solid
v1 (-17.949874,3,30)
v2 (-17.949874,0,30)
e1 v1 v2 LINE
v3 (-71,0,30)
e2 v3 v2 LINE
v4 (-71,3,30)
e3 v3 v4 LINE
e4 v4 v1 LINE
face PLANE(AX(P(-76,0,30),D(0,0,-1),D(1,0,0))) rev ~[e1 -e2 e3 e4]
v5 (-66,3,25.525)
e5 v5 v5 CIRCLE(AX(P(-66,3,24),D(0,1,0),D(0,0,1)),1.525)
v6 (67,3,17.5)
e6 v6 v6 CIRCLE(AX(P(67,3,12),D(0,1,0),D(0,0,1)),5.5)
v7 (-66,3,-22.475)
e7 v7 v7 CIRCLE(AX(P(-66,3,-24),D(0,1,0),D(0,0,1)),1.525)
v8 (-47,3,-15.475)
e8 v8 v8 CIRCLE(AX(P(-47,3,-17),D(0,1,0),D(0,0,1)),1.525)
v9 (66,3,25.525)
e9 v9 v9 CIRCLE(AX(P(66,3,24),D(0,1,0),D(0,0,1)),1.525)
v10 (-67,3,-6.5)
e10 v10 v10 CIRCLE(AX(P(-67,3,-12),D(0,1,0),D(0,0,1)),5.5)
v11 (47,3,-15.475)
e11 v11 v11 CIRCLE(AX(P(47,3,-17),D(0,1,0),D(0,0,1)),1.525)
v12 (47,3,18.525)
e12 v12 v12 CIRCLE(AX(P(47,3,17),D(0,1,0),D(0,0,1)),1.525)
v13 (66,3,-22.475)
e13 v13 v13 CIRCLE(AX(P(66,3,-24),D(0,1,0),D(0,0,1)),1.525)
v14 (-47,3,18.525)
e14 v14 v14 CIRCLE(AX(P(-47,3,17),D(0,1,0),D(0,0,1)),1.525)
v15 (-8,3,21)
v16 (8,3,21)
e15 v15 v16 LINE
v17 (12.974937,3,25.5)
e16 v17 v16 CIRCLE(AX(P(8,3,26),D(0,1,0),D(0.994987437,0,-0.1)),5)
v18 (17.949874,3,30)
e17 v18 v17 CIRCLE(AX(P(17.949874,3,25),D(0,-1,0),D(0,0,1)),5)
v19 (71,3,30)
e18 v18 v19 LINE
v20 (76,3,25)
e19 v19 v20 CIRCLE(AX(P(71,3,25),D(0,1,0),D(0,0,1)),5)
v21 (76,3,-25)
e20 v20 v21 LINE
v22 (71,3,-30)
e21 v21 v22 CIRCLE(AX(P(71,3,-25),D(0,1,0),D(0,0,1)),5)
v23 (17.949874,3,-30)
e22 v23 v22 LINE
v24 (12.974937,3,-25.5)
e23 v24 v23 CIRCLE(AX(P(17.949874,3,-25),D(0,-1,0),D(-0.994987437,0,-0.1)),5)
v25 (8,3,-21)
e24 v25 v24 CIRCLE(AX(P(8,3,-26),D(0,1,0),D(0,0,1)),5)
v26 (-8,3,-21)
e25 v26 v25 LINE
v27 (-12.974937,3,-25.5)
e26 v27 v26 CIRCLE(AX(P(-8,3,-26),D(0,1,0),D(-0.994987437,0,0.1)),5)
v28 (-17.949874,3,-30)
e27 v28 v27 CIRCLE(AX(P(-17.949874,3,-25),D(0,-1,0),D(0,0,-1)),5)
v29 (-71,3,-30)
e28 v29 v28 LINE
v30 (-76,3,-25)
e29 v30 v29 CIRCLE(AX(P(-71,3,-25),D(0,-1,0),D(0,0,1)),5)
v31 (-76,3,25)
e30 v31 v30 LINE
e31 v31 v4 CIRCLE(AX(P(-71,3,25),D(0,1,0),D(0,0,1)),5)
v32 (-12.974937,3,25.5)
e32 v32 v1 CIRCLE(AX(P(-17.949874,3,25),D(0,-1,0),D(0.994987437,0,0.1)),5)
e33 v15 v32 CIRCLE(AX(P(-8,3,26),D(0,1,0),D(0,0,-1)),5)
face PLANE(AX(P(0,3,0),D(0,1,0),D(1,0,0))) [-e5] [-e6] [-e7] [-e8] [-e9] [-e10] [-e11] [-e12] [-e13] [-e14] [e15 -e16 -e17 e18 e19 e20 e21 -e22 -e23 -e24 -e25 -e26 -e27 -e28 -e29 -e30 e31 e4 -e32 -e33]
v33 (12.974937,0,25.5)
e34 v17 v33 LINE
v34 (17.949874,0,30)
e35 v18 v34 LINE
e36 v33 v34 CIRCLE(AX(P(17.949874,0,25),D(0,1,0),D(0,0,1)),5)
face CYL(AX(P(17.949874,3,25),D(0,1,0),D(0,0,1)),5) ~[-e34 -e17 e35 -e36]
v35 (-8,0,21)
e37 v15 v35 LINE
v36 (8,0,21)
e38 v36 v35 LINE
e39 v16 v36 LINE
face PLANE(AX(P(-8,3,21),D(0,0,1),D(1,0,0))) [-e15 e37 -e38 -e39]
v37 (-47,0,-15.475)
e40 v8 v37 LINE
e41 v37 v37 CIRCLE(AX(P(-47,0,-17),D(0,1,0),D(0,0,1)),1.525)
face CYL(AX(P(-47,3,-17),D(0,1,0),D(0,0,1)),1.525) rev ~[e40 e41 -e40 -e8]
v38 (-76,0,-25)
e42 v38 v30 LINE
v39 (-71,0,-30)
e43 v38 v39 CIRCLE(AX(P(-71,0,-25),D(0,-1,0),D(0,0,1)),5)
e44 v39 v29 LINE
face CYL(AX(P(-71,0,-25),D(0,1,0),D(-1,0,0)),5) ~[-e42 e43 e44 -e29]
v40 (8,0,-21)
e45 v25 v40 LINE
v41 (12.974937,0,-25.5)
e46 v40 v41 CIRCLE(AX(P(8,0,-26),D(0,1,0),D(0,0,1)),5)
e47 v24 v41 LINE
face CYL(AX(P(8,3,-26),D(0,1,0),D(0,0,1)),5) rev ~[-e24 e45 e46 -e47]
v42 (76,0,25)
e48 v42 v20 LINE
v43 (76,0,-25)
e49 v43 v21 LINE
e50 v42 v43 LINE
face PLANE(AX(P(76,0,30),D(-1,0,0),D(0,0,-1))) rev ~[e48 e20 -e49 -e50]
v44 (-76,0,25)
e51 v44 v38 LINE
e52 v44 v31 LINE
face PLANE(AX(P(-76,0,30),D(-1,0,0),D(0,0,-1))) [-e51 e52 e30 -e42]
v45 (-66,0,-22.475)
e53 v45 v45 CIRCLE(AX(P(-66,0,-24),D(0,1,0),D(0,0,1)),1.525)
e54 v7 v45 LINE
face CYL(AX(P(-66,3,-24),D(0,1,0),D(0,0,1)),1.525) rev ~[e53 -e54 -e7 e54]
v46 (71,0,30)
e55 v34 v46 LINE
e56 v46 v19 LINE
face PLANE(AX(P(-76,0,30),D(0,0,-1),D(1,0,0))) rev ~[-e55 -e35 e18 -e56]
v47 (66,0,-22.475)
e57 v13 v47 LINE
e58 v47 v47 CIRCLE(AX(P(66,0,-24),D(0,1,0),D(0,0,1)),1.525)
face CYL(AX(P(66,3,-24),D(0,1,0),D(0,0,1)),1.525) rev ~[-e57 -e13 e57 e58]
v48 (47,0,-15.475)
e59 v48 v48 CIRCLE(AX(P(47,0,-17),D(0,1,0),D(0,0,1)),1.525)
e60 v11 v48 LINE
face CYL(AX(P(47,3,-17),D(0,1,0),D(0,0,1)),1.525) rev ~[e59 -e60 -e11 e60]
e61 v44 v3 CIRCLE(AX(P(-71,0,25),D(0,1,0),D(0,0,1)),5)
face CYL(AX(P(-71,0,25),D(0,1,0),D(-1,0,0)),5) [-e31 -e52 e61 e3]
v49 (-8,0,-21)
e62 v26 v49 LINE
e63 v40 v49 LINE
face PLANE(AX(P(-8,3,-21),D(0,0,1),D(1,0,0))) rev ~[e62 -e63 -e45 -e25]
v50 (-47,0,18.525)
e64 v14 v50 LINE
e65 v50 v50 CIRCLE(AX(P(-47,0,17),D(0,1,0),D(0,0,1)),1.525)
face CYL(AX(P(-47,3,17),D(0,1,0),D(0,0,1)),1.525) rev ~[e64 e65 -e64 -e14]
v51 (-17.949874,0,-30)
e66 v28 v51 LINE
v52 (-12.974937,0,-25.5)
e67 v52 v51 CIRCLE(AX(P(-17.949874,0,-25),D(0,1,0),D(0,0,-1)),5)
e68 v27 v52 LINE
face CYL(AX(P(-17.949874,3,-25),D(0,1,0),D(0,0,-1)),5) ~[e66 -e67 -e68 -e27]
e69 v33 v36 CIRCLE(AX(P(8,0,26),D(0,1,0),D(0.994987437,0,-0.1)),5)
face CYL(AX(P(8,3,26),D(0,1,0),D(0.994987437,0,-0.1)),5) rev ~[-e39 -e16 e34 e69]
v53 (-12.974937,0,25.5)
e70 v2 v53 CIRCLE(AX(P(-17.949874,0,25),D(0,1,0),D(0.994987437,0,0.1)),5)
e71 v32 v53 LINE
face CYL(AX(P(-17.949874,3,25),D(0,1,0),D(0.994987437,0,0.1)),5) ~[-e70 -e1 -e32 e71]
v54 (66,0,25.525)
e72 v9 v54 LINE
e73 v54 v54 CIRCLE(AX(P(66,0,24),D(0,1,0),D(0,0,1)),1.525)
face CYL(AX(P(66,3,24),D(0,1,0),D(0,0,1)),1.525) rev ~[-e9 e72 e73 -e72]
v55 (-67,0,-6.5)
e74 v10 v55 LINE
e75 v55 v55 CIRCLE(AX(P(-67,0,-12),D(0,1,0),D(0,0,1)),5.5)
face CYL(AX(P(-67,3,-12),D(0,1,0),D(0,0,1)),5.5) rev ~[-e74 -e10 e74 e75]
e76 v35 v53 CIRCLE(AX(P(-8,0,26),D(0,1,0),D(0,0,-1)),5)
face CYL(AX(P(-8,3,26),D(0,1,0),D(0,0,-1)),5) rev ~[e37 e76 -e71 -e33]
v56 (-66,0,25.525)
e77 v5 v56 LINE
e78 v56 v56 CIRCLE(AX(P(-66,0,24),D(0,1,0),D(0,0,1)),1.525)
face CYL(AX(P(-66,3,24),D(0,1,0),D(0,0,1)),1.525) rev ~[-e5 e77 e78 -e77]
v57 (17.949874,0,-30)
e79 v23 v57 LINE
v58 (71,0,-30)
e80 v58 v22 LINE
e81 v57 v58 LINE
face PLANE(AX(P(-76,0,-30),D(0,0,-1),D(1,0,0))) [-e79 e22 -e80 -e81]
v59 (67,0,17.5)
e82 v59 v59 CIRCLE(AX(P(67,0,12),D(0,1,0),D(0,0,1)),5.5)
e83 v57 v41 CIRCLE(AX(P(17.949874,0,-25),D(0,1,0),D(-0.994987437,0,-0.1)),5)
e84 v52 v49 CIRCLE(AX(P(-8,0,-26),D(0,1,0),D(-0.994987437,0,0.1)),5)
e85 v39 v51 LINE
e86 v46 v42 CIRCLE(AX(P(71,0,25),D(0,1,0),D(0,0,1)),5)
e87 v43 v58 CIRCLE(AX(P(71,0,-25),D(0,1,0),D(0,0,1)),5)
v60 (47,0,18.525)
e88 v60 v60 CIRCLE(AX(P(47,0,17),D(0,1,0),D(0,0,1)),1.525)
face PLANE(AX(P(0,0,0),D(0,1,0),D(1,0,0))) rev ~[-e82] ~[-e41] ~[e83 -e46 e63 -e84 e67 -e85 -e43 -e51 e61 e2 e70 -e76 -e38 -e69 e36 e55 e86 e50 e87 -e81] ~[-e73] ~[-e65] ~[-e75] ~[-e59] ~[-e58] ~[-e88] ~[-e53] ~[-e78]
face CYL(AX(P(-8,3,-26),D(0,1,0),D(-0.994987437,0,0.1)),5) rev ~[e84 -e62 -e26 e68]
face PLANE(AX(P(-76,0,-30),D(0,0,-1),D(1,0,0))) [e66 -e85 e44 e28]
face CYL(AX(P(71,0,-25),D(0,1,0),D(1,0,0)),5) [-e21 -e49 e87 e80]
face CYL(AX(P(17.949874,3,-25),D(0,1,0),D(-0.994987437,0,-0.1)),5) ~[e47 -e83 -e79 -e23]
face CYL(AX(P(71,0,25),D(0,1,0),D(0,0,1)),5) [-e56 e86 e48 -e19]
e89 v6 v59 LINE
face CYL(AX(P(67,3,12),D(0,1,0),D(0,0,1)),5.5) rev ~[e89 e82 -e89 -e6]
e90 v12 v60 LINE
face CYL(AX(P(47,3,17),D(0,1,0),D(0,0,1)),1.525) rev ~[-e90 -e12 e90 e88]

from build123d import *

# Parameters (mm, degrees)
SKETCH_1_W          = 152
SKETCH_1_H          = 60
EXTRUDE_1_DEPTH     = 3
FILLET_1_R          = 5
CUT_EXTRUDE_1_REACH = 83.762
SKETCH_2_R          = 1.525
CUT_EXTRUDE_2_REACH = 83.762
SKETCH_3_W          = 16
SKETCH_3_H          = 9
CUT_EXTRUDE_3_REACH = 83.762
SKETCH_4_R          = 1.525
CUT_EXTRUDE_4_REACH = 83.762
SKETCH_5_R          = 5.5


with BuildPart() as part:
    # 草图1 → 凸台-拉伸1 (new body)
    with BuildSketch(Plane(origin=(0, 0, 0), x_dir=(1, 0, 0), z_dir=(0, 1, 0))):
        Rectangle(SKETCH_1_W, SKETCH_1_H)
    extrude(amount=EXTRUDE_1_DEPTH)

    # 圆角1
    fillet_1_edges = [part.edges().sort_by_distance(p)[0] for p in [
        (76, 1.5, 30),
        (-76, 1.5, 30),
        (-76, 1.5, -30),
        (76, 1.5, -30),
    ]]
    fillet(fillet_1_edges, radius=FILLET_1_R)

    # 草图2 → 切除-拉伸1 (cut, up to next)
    with BuildSketch(Plane(origin=(0, 3, 0), x_dir=(1, 0, 0), z_dir=(0, 1, 0)), mode=Mode.PRIVATE) as cut_extrude_1_sk1:
        with Locations(Location((-66, -24, 0), (0, 0, 270))):
            Circle(SKETCH_2_R)
    cut_extrude_1_tool1 = extrude(cut_extrude_1_sk1.sketch, amount=-CUT_EXTRUDE_1_REACH, mode=Mode.PRIVATE) & part.part
    # 草图2 → 切除-拉伸1 (cut, up to next)
    with BuildSketch(Plane(origin=(0, 3, 0), x_dir=(1, 0, 0), z_dir=(0, 1, 0)), mode=Mode.PRIVATE) as cut_extrude_1_sk2:
        with Locations(Location((66, -24, 0), (0, 0, 270))):
            Circle(SKETCH_2_R)
    cut_extrude_1_tool2 = extrude(cut_extrude_1_sk2.sketch, amount=-CUT_EXTRUDE_1_REACH, mode=Mode.PRIVATE) & part.part
    # 草图2 → 切除-拉伸1 (cut, up to next)
    with BuildSketch(Plane(origin=(0, 3, 0), x_dir=(1, 0, 0), z_dir=(0, 1, 0)), mode=Mode.PRIVATE) as cut_extrude_1_sk3:
        with Locations(Location((66, 24, 0), (0, 0, 270))):
            Circle(SKETCH_2_R)
    cut_extrude_1_tool3 = extrude(cut_extrude_1_sk3.sketch, amount=-CUT_EXTRUDE_1_REACH, mode=Mode.PRIVATE) & part.part
    # 草图2 → 切除-拉伸1 (cut, up to next)
    with BuildSketch(Plane(origin=(0, 3, 0), x_dir=(1, 0, 0), z_dir=(0, 1, 0)), mode=Mode.PRIVATE) as cut_extrude_1_sk4:
        with Locations(Location((-66, 24, 0), (0, 0, 270))):
            Circle(SKETCH_2_R)
    cut_extrude_1_tool4 = extrude(cut_extrude_1_sk4.sketch, amount=-CUT_EXTRUDE_1_REACH, mode=Mode.PRIVATE) & part.part
    add(cut_extrude_1_tool1.solids().sort_by_distance((-66, 3, 24))[0], mode=Mode.SUBTRACT)
    add(cut_extrude_1_tool2.solids().sort_by_distance((66, 3, 24))[0], mode=Mode.SUBTRACT)
    add(cut_extrude_1_tool3.solids().sort_by_distance((66, 3, -24))[0], mode=Mode.SUBTRACT)
    add(cut_extrude_1_tool4.solids().sort_by_distance((-66, 3, -24))[0], mode=Mode.SUBTRACT)

    # 草图3 → 切除-拉伸2 (cut, up to next)
    with BuildSketch(Plane(origin=(0, 3, 0), x_dir=(1, 0, 0), z_dir=(0, 1, 0)), mode=Mode.PRIVATE) as cut_extrude_2_sk1:
        with BuildLine():
            Line((-8, -30), (-8, -21))
            ThreePointArc((-8, -21), (-11.354101966, -22.291900756), (-12.974937186, -25.5))
            ThreePointArc((-12.974937186, -25.5), (-14.595772405, -28.708099244), (-17.949874371, -30))
            Line((-17.949874371, -30), (-8, -30))
        make_face()
    cut_extrude_2_tool1 = extrude(cut_extrude_2_sk1.sketch, amount=-CUT_EXTRUDE_2_REACH, mode=Mode.PRIVATE) & part.part
    # 草图3 → 切除-拉伸2 (cut, up to next)
    with BuildSketch(Plane(origin=(0, 3, 0), x_dir=(1, 0, 0), z_dir=(0, 1, 0)), mode=Mode.PRIVATE) as cut_extrude_2_sk2:
        with Locations((0, -25.5)):
            Rectangle(SKETCH_3_W, SKETCH_3_H)
    cut_extrude_2_tool2 = extrude(cut_extrude_2_sk2.sketch, amount=-CUT_EXTRUDE_2_REACH, mode=Mode.PRIVATE) & part.part
    # 草图3 → 切除-拉伸2 (cut, up to next)
    with BuildSketch(Plane(origin=(0, 3, 0), x_dir=(1, 0, 0), z_dir=(0, 1, 0)), mode=Mode.PRIVATE) as cut_extrude_2_sk3:
        with BuildLine():
            ThreePointArc((12.974937186, -25.5), (11.354101966, -22.291900756), (8, -21))
            Line((8, -21), (8, -30))
            Line((8, -30), (17.949874371, -30))
            ThreePointArc((17.949874371, -30), (14.595772405, -28.708099244), (12.974937186, -25.5))
        make_face()
    cut_extrude_2_tool3 = extrude(cut_extrude_2_sk3.sketch, amount=-CUT_EXTRUDE_2_REACH, mode=Mode.PRIVATE) & part.part
    # 草图3 → 切除-拉伸2 (cut, up to next)
    with BuildSketch(Plane(origin=(0, 3, 0), x_dir=(1, 0, 0), z_dir=(0, 1, 0)), mode=Mode.PRIVATE) as cut_extrude_2_sk4:
        with BuildLine():
            ThreePointArc((-12.974937186, 25.5), (-11.354101966, 22.291900756), (-8, 21))
            Line((-8, 21), (-8, 30))
            Line((-8, 30), (-17.949874371, 30))
            ThreePointArc((-17.949874371, 30), (-14.595772405, 28.708099244), (-12.974937186, 25.5))
        make_face()
    cut_extrude_2_tool4 = extrude(cut_extrude_2_sk4.sketch, amount=-CUT_EXTRUDE_2_REACH, mode=Mode.PRIVATE) & part.part
    # 草图3 → 切除-拉伸2 (cut, up to next)
    with BuildSketch(Plane(origin=(0, 3, 0), x_dir=(1, 0, 0), z_dir=(0, 1, 0)), mode=Mode.PRIVATE) as cut_extrude_2_sk5:
        with Locations((0, 25.5)):
            Rectangle(SKETCH_3_W, SKETCH_3_H)
    cut_extrude_2_tool5 = extrude(cut_extrude_2_sk5.sketch, amount=-CUT_EXTRUDE_2_REACH, mode=Mode.PRIVATE) & part.part
    # 草图3 → 切除-拉伸2 (cut, up to next)
    with BuildSketch(Plane(origin=(0, 3, 0), x_dir=(1, 0, 0), z_dir=(0, 1, 0)), mode=Mode.PRIVATE) as cut_extrude_2_sk6:
        with BuildLine():
            Line((8, 30), (8, 21))
            ThreePointArc((8, 21), (11.354101966, 22.291900756), (12.974937186, 25.5))
            ThreePointArc((12.974937186, 25.5), (14.595772405, 28.708099244), (17.949874371, 30))
            Line((17.949874371, 30), (8, 30))
        make_face()
    cut_extrude_2_tool6 = extrude(cut_extrude_2_sk6.sketch, amount=-CUT_EXTRUDE_2_REACH, mode=Mode.PRIVATE) & part.part
    add(cut_extrude_2_tool1.solids().sort_by_distance((-10.749177, 3, 26.299455))[0], mode=Mode.SUBTRACT)
    add(cut_extrude_2_tool2.solids().sort_by_distance((0, 3, 25.5))[0], mode=Mode.SUBTRACT)
    add(cut_extrude_2_tool3.solids().sort_by_distance((10.749177, 3, 26.299455))[0], mode=Mode.SUBTRACT)
    add(cut_extrude_2_tool4.solids().sort_by_distance((-10.749177, 3, -26.299455))[0], mode=Mode.SUBTRACT)
    add(cut_extrude_2_tool5.solids().sort_by_distance((0, 3, -25.5))[0], mode=Mode.SUBTRACT)
    add(cut_extrude_2_tool6.solids().sort_by_distance((10.749177, 3, -26.299455))[0], mode=Mode.SUBTRACT)

    # 草图4 → 切除-拉伸3 (cut, up to next)
    with BuildSketch(Plane(origin=(0, 3, 0), x_dir=(1, 0, 0), z_dir=(0, 1, 0)), mode=Mode.PRIVATE) as cut_extrude_3_sk1:
        with Locations(Location((-47, -17, 0), (0, 0, 270))):
            Circle(SKETCH_4_R)
    cut_extrude_3_tool1 = extrude(cut_extrude_3_sk1.sketch, amount=-CUT_EXTRUDE_3_REACH, mode=Mode.PRIVATE) & part.part
    # 草图4 → 切除-拉伸3 (cut, up to next)
    with BuildSketch(Plane(origin=(0, 3, 0), x_dir=(1, 0, 0), z_dir=(0, 1, 0)), mode=Mode.PRIVATE) as cut_extrude_3_sk2:
        with Locations(Location((-47, 17, 0), (0, 0, 270))):
            Circle(SKETCH_4_R)
    cut_extrude_3_tool2 = extrude(cut_extrude_3_sk2.sketch, amount=-CUT_EXTRUDE_3_REACH, mode=Mode.PRIVATE) & part.part
    # 草图4 → 切除-拉伸3 (cut, up to next)
    with BuildSketch(Plane(origin=(0, 3, 0), x_dir=(1, 0, 0), z_dir=(0, 1, 0)), mode=Mode.PRIVATE) as cut_extrude_3_sk3:
        with Locations(Location((47, -17, 0), (0, 0, 270))):
            Circle(SKETCH_4_R)
    cut_extrude_3_tool3 = extrude(cut_extrude_3_sk3.sketch, amount=-CUT_EXTRUDE_3_REACH, mode=Mode.PRIVATE) & part.part
    # 草图4 → 切除-拉伸3 (cut, up to next)
    with BuildSketch(Plane(origin=(0, 3, 0), x_dir=(1, 0, 0), z_dir=(0, 1, 0)), mode=Mode.PRIVATE) as cut_extrude_3_sk4:
        with Locations(Location((47, 17, 0), (0, 0, 270))):
            Circle(SKETCH_4_R)
    cut_extrude_3_tool4 = extrude(cut_extrude_3_sk4.sketch, amount=-CUT_EXTRUDE_3_REACH, mode=Mode.PRIVATE) & part.part
    add(cut_extrude_3_tool1.solids().sort_by_distance((-47, 3, 17))[0], mode=Mode.SUBTRACT)
    add(cut_extrude_3_tool2.solids().sort_by_distance((-47, 3, -17))[0], mode=Mode.SUBTRACT)
    add(cut_extrude_3_tool3.solids().sort_by_distance((47, 3, 17))[0], mode=Mode.SUBTRACT)
    add(cut_extrude_3_tool4.solids().sort_by_distance((47, 3, -17))[0], mode=Mode.SUBTRACT)

    # 草图5 → 切除-拉伸4 (cut, up to next)
    with BuildSketch(Plane(origin=(0, 3, 0), x_dir=(1, 0, 0), z_dir=(0, 1, 0)), mode=Mode.PRIVATE) as cut_extrude_4_sk1:
        with Locations(Location((-67, 12, 0), (0, 0, 270))):
            Circle(SKETCH_5_R)
    cut_extrude_4_tool1 = extrude(cut_extrude_4_sk1.sketch, amount=-CUT_EXTRUDE_4_REACH, mode=Mode.PRIVATE) & part.part
    # 草图5 → 切除-拉伸4 (cut, up to next)
    with BuildSketch(Plane(origin=(0, 3, 0), x_dir=(1, 0, 0), z_dir=(0, 1, 0)), mode=Mode.PRIVATE) as cut_extrude_4_sk2:
        with Locations(Location((67, -12, 0), (0, 0, 270))):
            Circle(SKETCH_5_R)
    cut_extrude_4_tool2 = extrude(cut_extrude_4_sk2.sketch, amount=-CUT_EXTRUDE_4_REACH, mode=Mode.PRIVATE) & part.part
    add(cut_extrude_4_tool1.solids().sort_by_distance((-67, 3, -12))[0], mode=Mode.SUBTRACT)
    add(cut_extrude_4_tool2.solids().sort_by_distance((67, 3, 12))[0], mode=Mode.SUBTRACT)


solid = part.part
